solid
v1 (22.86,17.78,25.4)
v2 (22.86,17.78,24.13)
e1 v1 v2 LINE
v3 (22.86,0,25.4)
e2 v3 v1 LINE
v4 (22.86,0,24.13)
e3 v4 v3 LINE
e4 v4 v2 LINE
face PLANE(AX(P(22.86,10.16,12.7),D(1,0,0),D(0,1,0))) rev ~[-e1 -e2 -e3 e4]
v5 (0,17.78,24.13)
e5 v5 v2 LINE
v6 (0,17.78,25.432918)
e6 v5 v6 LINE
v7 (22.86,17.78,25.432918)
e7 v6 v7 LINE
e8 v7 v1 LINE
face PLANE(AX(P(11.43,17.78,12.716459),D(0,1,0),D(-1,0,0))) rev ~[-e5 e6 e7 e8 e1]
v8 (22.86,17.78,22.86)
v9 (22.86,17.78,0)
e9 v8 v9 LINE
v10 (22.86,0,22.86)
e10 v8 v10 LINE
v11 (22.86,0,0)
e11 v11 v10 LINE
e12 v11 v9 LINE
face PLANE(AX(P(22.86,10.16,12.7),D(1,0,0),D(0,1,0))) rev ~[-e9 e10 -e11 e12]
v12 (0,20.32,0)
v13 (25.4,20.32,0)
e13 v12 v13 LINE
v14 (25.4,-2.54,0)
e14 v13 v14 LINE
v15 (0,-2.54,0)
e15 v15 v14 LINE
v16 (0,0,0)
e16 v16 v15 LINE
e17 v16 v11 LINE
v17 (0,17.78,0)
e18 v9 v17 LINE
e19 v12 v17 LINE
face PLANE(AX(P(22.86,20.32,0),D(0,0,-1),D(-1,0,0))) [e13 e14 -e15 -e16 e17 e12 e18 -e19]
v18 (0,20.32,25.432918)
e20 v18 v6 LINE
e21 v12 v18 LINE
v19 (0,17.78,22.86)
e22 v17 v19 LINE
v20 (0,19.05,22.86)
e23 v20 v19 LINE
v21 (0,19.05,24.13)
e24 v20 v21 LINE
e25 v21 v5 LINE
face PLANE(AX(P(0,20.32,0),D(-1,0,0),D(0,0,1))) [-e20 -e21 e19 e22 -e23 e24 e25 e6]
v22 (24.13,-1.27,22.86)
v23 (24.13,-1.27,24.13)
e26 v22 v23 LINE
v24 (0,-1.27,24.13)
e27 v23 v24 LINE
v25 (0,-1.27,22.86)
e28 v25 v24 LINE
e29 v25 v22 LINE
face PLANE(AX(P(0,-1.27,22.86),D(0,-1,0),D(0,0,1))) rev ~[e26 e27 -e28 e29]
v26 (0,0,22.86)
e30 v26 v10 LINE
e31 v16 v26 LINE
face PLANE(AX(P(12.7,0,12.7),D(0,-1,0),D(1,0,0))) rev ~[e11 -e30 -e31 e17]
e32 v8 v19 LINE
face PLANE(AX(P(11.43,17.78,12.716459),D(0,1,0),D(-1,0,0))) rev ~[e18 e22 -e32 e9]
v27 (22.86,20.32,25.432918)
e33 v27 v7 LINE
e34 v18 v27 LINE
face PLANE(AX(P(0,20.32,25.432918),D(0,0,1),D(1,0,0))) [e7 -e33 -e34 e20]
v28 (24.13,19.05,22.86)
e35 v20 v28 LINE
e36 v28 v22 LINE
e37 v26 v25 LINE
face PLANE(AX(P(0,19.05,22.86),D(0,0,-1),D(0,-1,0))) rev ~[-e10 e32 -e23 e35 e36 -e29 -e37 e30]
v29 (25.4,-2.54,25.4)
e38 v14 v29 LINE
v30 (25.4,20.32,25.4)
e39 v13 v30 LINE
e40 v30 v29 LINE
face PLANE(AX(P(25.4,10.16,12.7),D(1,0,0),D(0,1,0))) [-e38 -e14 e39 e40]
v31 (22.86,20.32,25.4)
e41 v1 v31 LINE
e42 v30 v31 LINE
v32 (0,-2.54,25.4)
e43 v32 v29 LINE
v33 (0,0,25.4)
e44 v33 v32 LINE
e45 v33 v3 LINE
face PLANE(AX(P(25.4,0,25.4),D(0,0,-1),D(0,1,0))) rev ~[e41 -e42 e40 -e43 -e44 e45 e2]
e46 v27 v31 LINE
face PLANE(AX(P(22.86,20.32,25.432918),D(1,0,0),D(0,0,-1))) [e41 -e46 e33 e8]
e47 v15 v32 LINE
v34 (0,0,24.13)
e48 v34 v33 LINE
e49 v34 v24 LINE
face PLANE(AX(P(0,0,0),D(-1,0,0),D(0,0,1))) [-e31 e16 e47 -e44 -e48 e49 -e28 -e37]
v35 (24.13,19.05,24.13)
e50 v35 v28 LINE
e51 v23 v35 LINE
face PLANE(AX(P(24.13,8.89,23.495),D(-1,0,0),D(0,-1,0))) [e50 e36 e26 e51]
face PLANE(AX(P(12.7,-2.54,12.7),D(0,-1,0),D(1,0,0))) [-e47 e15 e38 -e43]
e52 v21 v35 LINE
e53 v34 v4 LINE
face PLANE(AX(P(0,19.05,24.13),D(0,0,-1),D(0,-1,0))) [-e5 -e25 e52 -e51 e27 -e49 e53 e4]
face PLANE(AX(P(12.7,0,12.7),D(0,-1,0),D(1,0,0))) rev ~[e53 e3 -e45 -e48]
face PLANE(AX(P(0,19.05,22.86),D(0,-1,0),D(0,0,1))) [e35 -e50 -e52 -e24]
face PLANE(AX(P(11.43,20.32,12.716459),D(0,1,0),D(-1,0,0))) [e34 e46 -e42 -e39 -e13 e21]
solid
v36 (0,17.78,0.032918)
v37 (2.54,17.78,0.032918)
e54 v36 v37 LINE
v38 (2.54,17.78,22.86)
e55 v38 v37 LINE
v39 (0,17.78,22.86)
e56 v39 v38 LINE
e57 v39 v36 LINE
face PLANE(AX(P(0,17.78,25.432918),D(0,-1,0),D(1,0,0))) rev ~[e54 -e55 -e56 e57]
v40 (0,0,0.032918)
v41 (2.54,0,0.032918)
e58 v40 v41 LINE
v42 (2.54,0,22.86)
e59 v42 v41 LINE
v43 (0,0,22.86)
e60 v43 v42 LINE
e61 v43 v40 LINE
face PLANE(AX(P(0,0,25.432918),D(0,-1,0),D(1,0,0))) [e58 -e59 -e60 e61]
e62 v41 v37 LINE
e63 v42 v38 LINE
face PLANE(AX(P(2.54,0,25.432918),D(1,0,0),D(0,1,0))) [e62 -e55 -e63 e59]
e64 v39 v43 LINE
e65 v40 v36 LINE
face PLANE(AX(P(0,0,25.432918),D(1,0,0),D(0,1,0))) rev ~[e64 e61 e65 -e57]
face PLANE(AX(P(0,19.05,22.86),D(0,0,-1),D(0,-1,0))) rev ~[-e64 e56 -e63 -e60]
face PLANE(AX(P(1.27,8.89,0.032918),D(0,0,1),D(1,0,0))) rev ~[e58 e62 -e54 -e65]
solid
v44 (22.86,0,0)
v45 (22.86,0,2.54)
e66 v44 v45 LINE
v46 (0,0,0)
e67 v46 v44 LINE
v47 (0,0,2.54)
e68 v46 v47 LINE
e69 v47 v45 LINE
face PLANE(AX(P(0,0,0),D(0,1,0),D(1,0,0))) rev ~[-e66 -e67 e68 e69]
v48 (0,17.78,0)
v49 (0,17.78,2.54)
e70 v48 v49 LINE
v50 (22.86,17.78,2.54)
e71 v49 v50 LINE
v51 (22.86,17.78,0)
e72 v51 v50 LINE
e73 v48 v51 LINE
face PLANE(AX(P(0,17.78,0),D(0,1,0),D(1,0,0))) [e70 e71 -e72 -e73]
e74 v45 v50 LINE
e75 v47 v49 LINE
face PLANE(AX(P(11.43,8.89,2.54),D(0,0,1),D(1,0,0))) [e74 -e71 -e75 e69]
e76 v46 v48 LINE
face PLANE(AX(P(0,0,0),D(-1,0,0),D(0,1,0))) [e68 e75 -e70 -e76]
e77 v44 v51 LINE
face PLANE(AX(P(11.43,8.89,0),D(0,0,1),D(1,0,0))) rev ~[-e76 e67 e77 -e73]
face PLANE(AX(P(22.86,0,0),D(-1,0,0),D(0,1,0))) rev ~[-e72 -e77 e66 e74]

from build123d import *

# Parameters (mm, degrees)
F0_W      = 25.4
F0_H      = 25.4
F1_DEPTH  = 2.54
F2_W      = 20.32
F2_H      = 25.4
F3_DEPTH  = 2.54
F5_DEPTH  = 2.54
F6_W      = 2.54
F6_H      = 17.78
F7_DEPTH  = 25.4
F8_W      = 22.86
F8_H      = 17.78
F9_DEPTH  = 2.54
F10_W     = 1.27
F10_H     = 1.27
F11_DEPTH = 22.86
F13_DEPTH = 1.27


with BuildPart() as f1:
    # F0 (on Front) → F1 (new body)
    with BuildSketch(Plane.XZ):
        with Locations((12.7, 12.7)):
            Rectangle(F0_W, F0_H)
    extrude(amount=F1_DEPTH)

    # F2 (on face) → F3 (join)
    with BuildSketch(Plane.YZ.offset(25.4)):
        with Locations((10.16, 12.7)):
            Rectangle(F2_W, F2_H)
    extrude(amount=-F3_DEPTH)

    # F4 (on face) → F5 (join)
    with BuildSketch(Plane(origin=(0, 20.32, 0), x_dir=(-1, 0, 0), z_dir=(0, 1, 0))):
        Polygon((-22.86, 25.4), (-22.86, 0), (0, 0), (0, 25.4329182208), (-22.86, 25.4329182208), align=None)
    extrude(amount=-F5_DEPTH)


with BuildPart() as f7:
    # F6 (on face) → F7 (new body)
    with BuildSketch(Plane.XY.offset(25.4329182208)):
        with Locations((1.27, 8.89)):
            Rectangle(F6_W, F6_H)
    extrude(amount=-F7_DEPTH)


with BuildPart() as f9:
    # F8 (on Top) → F9 (new body)
    with BuildSketch(Plane.XY):
        with Locations((11.43, 8.89)):
            Rectangle(F8_W, F8_H)
    extrude(amount=F9_DEPTH)


with BuildPart() as f11_tool:
    # F10 (on face) → F11 (new body)
    with BuildSketch(Plane(origin=(0, 0, 0), x_dir=(0, -1, 0), z_dir=(-1, 0, 0))):
        with Locations((0.635, 23.495)):
            Rectangle(F10_W, F10_H)
        Polygon((-17.78, 22.86), (0, 22.86), (0, 24.13), (0, 25.4329182208), (-17.78, 25.4329182208), (-17.78, 24.13), align=None)
        with Locations((-18.415, 23.495)):
            Rectangle(F10_W, F10_H)
    extrude(amount=-F11_DEPTH)


with BuildPart() as f1_1:
    add(f1.part)

    # F11: cut by f11_tool
    add(f11_tool.part, mode=Mode.SUBTRACT)

    # F12 (on face) → F13 (cut)
    with BuildSketch(Plane(origin=(22.86, 0, 0), x_dir=(0, -1, 0), z_dir=(-1, 0, 0))):
        Polygon((-17.78, 24.13), (-19.05, 24.13), (-19.05, 22.86), (-17.78, 22.86), (0, 22.86), (1.27, 22.86), (1.27, 24.13), (0, 24.13), align=None)
    extrude(amount=-F13_DEPTH, mode=Mode.SUBTRACT)


with BuildPart() as f7_1:
    add(f7.part)

    # F11: cut by f11_tool
    add(f11_tool.part, mode=Mode.SUBTRACT)


solid = Compound([f9.part, f1_1.part, f7_1.part])
